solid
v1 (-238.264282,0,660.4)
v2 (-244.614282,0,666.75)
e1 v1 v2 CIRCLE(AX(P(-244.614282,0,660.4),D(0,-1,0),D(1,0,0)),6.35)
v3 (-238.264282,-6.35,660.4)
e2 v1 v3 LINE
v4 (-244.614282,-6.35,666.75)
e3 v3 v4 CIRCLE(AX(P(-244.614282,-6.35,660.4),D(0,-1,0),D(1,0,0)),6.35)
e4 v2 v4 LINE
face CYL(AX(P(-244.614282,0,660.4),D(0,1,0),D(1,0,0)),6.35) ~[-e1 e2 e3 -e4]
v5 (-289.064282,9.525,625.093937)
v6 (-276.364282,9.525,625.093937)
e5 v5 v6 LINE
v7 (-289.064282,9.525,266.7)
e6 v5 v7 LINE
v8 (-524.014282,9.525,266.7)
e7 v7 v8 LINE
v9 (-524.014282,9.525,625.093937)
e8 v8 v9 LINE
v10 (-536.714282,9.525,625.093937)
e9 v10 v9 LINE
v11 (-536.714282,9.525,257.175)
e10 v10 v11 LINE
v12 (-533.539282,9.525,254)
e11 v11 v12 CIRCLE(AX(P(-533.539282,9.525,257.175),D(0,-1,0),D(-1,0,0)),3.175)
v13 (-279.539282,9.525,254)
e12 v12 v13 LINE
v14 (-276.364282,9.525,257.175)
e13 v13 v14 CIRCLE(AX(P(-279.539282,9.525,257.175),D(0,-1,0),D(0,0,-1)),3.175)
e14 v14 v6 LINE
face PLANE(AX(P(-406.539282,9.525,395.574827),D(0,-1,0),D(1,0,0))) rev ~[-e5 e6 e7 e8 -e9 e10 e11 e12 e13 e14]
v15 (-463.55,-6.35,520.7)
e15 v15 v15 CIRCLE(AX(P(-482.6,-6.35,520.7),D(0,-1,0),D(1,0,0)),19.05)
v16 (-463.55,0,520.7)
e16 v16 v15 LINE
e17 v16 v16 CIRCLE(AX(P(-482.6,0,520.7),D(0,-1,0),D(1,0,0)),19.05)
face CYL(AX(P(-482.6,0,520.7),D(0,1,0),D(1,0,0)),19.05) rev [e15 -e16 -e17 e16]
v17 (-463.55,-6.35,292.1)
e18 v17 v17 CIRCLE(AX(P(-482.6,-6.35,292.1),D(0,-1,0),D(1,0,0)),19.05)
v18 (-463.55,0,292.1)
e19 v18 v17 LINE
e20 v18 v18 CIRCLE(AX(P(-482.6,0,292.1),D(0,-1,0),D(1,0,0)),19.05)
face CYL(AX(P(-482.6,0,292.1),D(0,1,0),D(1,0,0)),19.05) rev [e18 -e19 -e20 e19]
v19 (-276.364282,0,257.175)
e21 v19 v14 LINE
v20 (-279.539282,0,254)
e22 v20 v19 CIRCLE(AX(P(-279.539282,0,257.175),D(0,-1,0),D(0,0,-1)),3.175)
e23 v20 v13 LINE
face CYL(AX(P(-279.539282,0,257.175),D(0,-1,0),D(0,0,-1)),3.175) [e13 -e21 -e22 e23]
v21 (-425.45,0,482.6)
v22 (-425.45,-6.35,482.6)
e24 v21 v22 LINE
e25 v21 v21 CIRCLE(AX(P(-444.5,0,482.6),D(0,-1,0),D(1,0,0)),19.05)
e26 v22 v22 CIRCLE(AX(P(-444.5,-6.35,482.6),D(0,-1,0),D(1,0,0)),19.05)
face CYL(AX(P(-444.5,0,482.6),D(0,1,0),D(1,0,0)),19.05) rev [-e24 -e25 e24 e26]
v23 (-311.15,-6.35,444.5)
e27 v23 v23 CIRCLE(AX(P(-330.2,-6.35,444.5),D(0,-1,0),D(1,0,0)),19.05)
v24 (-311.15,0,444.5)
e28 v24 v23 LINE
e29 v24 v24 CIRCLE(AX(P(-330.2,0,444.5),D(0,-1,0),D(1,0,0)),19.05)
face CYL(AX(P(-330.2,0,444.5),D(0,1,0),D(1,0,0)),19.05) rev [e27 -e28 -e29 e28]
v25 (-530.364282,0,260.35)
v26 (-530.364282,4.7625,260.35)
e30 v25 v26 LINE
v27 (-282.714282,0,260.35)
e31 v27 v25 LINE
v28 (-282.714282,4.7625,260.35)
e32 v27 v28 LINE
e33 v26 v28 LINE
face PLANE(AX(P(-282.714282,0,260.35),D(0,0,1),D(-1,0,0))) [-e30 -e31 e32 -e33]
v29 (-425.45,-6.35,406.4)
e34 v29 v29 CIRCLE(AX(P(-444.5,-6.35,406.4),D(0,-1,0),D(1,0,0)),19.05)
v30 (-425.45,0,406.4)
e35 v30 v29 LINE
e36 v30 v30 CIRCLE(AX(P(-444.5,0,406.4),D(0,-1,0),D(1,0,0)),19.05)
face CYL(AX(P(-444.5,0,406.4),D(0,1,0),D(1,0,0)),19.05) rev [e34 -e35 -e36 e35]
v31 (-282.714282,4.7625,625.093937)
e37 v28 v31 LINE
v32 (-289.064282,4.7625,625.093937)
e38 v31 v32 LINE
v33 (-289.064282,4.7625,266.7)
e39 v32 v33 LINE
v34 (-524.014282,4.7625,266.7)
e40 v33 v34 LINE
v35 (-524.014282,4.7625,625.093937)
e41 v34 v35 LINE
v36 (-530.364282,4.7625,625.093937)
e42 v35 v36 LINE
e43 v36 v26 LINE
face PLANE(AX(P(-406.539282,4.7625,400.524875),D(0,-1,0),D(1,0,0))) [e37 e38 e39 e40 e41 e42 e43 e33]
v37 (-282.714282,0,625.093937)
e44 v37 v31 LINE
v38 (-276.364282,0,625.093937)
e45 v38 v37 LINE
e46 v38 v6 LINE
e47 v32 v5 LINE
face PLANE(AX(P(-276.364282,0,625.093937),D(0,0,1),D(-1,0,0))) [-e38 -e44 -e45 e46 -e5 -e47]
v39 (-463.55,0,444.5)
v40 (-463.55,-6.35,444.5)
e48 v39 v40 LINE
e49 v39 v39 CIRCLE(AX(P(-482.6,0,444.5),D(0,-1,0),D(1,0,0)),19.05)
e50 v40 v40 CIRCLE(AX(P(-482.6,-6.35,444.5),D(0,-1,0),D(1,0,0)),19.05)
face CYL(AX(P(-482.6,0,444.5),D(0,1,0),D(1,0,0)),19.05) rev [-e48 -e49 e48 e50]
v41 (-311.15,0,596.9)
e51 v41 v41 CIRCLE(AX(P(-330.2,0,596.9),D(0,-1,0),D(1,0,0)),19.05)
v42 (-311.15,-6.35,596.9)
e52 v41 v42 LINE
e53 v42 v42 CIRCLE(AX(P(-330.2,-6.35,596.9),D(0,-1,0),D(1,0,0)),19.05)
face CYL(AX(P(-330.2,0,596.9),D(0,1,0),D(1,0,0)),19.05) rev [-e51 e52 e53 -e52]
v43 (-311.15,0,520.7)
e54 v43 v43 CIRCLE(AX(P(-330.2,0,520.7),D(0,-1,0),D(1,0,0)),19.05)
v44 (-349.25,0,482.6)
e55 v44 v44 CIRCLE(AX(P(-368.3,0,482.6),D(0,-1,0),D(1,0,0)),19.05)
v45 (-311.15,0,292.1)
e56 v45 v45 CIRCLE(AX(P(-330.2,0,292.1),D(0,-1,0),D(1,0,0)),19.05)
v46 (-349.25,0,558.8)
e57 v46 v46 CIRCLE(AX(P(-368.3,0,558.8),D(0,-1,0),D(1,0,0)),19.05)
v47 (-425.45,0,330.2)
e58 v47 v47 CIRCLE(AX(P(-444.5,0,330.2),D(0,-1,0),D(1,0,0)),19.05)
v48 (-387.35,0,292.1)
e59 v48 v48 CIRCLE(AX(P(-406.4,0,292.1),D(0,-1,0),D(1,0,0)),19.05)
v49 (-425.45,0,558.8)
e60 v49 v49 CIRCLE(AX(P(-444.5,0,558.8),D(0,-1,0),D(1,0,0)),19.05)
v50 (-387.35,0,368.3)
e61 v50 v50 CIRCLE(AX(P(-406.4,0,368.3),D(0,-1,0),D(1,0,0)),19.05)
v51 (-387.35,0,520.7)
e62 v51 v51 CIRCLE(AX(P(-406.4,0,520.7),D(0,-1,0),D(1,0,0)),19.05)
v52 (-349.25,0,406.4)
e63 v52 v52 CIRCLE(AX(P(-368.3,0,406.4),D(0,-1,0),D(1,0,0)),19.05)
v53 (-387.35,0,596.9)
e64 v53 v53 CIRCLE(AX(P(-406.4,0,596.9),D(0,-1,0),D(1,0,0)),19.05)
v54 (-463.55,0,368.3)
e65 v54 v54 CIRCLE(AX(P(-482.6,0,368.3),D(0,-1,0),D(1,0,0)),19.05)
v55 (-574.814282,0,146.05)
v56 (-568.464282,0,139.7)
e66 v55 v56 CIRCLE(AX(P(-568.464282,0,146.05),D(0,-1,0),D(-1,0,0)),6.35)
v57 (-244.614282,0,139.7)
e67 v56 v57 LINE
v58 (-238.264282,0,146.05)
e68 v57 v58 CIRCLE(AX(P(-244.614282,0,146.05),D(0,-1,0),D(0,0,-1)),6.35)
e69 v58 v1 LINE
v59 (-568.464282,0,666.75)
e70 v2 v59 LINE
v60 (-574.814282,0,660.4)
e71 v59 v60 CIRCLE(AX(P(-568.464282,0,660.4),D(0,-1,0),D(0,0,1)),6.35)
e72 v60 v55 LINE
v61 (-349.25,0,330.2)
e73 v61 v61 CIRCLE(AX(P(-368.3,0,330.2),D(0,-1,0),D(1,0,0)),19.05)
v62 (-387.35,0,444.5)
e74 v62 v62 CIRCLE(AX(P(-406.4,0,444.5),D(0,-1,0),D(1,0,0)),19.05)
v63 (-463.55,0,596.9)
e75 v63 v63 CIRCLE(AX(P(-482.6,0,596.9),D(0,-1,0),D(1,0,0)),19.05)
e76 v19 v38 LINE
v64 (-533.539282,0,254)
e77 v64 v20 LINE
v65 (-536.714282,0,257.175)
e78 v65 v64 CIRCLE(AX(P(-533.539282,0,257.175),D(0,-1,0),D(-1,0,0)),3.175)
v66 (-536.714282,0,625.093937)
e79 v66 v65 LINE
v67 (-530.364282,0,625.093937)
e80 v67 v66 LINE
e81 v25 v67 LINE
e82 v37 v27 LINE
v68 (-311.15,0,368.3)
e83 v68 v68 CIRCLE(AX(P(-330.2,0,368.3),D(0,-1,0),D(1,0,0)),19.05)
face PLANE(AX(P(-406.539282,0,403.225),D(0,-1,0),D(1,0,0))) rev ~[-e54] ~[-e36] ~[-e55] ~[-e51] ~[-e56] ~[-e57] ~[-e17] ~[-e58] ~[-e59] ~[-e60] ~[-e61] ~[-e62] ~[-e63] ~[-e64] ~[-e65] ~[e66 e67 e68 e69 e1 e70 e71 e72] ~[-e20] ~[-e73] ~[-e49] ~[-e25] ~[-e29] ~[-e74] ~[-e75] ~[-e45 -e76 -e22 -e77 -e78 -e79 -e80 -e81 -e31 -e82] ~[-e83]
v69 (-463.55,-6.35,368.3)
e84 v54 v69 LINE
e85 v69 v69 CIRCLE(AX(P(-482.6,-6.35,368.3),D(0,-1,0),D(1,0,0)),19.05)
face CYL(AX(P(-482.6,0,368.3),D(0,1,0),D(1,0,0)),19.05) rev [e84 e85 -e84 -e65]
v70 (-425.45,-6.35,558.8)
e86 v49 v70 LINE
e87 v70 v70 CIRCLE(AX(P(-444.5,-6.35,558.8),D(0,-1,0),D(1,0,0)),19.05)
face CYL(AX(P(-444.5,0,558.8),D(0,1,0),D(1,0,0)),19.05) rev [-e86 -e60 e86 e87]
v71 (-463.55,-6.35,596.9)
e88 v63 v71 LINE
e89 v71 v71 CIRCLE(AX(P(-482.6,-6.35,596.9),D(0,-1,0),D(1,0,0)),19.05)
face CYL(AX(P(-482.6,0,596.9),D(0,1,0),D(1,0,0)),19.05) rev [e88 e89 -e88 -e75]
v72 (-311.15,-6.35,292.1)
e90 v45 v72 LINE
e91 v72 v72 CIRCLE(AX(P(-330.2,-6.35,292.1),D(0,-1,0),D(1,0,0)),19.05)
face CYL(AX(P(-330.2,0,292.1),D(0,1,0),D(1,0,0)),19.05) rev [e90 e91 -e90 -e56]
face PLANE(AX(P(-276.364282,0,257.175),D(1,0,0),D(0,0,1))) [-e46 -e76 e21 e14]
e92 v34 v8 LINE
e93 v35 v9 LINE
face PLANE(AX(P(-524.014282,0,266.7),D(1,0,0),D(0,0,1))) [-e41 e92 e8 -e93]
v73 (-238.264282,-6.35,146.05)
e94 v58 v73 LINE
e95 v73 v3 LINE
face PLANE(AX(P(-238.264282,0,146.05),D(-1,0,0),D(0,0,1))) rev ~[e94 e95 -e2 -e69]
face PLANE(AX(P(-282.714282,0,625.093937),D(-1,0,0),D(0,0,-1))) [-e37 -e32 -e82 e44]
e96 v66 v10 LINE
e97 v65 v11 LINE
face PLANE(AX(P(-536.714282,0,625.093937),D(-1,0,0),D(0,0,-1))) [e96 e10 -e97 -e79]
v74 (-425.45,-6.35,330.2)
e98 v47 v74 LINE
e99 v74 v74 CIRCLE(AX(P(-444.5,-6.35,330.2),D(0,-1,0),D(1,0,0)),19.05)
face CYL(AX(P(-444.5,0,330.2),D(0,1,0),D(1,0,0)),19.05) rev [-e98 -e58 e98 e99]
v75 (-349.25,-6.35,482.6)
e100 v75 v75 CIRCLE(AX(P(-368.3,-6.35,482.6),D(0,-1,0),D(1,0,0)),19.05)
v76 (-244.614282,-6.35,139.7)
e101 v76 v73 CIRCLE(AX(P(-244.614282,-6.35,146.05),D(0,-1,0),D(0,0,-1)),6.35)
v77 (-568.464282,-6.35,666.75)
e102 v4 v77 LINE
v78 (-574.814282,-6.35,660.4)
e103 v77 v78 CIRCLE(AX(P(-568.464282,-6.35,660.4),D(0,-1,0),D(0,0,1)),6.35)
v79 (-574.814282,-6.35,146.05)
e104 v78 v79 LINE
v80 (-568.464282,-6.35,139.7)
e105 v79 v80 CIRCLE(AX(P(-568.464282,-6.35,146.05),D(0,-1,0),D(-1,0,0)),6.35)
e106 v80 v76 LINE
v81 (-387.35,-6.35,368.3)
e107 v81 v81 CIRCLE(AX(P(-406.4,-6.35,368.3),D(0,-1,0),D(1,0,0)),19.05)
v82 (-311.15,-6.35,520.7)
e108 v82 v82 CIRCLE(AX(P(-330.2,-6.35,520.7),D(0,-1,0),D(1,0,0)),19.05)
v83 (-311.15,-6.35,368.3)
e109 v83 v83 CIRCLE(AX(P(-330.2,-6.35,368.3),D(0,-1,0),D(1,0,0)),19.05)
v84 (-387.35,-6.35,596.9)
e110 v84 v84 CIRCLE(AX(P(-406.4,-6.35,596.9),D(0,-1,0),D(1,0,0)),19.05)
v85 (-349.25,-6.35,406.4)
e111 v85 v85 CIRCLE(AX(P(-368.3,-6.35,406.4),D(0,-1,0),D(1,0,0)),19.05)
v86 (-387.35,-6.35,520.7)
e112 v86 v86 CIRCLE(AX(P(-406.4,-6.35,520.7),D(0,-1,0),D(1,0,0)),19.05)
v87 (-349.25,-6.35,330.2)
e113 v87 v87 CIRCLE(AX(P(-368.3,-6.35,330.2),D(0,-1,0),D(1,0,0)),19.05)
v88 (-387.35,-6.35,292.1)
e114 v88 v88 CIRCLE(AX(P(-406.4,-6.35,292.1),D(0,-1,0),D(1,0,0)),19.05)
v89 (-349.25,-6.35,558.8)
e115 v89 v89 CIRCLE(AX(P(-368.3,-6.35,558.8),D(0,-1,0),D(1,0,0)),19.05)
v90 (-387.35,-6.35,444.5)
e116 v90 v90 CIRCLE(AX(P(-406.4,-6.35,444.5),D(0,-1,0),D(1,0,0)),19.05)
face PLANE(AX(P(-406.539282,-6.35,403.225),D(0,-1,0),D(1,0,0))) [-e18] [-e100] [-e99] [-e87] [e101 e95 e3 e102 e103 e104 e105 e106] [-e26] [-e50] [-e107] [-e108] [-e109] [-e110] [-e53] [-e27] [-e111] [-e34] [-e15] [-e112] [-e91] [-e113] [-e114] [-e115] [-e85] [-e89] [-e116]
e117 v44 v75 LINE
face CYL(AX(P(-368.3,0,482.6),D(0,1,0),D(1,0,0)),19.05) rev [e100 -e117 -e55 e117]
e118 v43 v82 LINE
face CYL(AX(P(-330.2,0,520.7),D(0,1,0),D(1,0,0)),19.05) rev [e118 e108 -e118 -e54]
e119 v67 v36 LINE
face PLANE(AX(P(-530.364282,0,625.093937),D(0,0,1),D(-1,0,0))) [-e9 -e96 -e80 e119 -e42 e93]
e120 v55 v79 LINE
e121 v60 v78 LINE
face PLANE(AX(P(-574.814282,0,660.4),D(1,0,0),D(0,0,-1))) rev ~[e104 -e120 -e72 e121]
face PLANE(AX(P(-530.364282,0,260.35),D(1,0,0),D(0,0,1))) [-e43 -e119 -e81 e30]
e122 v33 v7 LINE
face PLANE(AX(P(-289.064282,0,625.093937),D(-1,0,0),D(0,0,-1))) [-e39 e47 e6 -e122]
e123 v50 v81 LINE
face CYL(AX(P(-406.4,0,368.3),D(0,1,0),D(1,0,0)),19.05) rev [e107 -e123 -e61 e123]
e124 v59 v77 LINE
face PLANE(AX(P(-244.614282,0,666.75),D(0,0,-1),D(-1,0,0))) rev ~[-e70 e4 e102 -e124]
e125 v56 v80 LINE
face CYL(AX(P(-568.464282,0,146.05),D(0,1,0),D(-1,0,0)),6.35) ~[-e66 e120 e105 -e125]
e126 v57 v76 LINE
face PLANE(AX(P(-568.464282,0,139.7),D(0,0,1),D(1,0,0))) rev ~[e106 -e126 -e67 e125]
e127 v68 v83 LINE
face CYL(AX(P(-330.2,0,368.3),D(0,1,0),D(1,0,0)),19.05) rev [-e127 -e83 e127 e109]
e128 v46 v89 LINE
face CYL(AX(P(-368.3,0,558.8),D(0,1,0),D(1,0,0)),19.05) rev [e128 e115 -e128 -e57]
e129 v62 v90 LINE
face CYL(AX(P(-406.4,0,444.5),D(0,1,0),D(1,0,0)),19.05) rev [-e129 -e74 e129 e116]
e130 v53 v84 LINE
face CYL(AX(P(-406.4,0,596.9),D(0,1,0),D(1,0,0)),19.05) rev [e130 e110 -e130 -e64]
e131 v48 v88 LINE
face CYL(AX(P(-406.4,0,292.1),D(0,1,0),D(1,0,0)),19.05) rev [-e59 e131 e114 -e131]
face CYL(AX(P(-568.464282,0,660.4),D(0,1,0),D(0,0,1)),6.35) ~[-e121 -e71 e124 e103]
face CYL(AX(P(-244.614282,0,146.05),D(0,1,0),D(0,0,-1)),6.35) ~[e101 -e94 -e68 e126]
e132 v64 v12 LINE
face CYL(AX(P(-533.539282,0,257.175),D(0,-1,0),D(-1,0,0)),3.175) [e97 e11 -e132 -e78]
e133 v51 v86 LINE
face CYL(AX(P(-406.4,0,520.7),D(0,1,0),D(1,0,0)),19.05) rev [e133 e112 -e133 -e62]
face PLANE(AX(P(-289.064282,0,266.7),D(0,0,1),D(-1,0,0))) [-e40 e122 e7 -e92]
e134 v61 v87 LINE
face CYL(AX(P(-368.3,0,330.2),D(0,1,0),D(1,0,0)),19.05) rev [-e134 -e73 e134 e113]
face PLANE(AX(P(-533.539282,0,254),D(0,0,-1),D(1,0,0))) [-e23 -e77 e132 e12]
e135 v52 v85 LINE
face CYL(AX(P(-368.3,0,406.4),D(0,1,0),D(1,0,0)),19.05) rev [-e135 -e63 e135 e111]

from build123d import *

# Parameters (mm, degrees)
F1_DEPTH = 9.525
F2_DEPTH = 4.7625
F3_DEPTH = 9.525
F0_W     = 234.95
F0_H     = 358.3939369202
F0_R     = 19.05
F4_DEPTH = 6.35


with BuildPart() as f1:
    # F0 (on Front) → F1 (new body)
    with BuildSketch(Plane.XZ):
        Polygon((-524.0142820795, 625.0939369202), (-530.3642820795, 625.0939369202), (-530.3642820795, 260.35), (-282.7142820795, 260.35), (-282.7142820795, 625.0939369202), (-289.0642820795, 625.0939369202), (-289.0642820795, 266.7), (-524.0142820795, 266.7), align=None)
    extrude(amount=-F1_DEPTH)

    # F0 (on Front) → F2 (cut)
    with BuildSketch(Plane.XZ):
        Polygon((-524.0142820795, 625.0939369202), (-530.3642820795, 625.0939369202), (-530.3642820795, 260.35), (-282.7142820795, 260.35), (-282.7142820795, 625.0939369202), (-289.0642820795, 625.0939369202), (-289.0642820795, 266.7), (-524.0142820795, 266.7), align=None)
    extrude(amount=-F2_DEPTH, mode=Mode.SUBTRACT)

    # F0 (on Front) → F3 (join)
    with BuildSketch(Plane.XZ):
        with BuildLine():
            ThreePointArc((-536.7142820795, 257.175), (-535.7843461097, 254.9299359697), (-533.5392820795, 254))
            Line((-533.5392820795, 254), (-279.5392820795, 254))
            ThreePointArc((-279.5392820795, 254), (-277.2942180492, 254.9299359697), (-276.3642820795, 257.175))
            Line((-276.3642820795, 257.175), (-276.3642820795, 625.0939369202))
            Line((-276.3642820795, 625.0939369202), (-282.7142820795, 625.0939369202))
            Line((-282.7142820795, 625.0939369202), (-282.7142820795, 260.35))
            Line((-282.7142820795, 260.35), (-530.3642820795, 260.35))
            Line((-530.3642820795, 260.35), (-530.3642820795, 625.0939369202))
            Line((-530.3642820795, 625.0939369202), (-536.7142820795, 625.0939369202))
            Line((-536.7142820795, 625.0939369202), (-536.7142820795, 257.175))
        make_face()
    extrude(amount=-F3_DEPTH)

    # F0 (on Front) → F4 (join)
    with BuildSketch(Plane.XZ):
        with BuildLine():
            ThreePointArc((-568.4642820795, 666.75), (-572.95441014, 664.8901280605), (-574.8142820795, 660.4))
            Line((-574.8142820795, 660.4), (-574.8142820795, 146.05))
            ThreePointArc((-574.8142820795, 146.05), (-572.95441014, 141.5598719395), (-568.4642820795, 139.7))
            Line((-568.4642820795, 139.7), (-244.6142820795, 139.7))
            ThreePointArc((-244.6142820795, 139.7), (-240.1241540189, 141.5598719395), (-238.2642820795, 146.05))
            Line((-238.2642820795, 146.05), (-238.2642820795, 660.4))
            ThreePointArc((-238.2642820795, 660.4), (-240.1241540189, 664.8901280605), (-244.6142820795, 666.75))
            Line((-244.6142820795, 666.75), (-568.4642820795, 666.75))
        make_face()
        with BuildLine():
            Line((-279.5392820795, 254), (-533.5392820795, 254))
            ThreePointArc((-533.5392820795, 254), (-535.7843461097, 254.9299359697), (-536.7142820795, 257.175))
            Line((-536.7142820795, 257.175), (-536.7142820795, 625.0939369202))
            Line((-536.7142820795, 625.0939369202), (-530.3642820795, 625.0939369202))
            Line((-530.3642820795, 625.0939369202), (-524.0142820795, 625.0939369202))
            Line((-524.0142820795, 625.0939369202), (-289.0642820795, 625.0939369202))
            Line((-289.0642820795, 625.0939369202), (-282.7142820795, 625.0939369202))
            Line((-282.7142820795, 625.0939369202), (-276.3642820795, 625.0939369202))
            Line((-276.3642820795, 625.0939369202), (-276.3642820795, 257.175))
            ThreePointArc((-276.3642820795, 257.175), (-277.2942180492, 254.9299359697), (-279.5392820795, 254))
        make_face(mode=Mode.SUBTRACT)
        with Locations((-406.5392820795, 445.8969684601)):
            Rectangle(F0_W, F0_H)
        with Locations((-482.6, 292.1)):
            Circle(F0_R, mode=Mode.SUBTRACT)
        with Locations((-444.5, 330.2)):
            Circle(F0_R, mode=Mode.SUBTRACT)
        with Locations((-482.6, 368.3)):
            Circle(F0_R, mode=Mode.SUBTRACT)
        with Locations((-406.4, 292.1)):
            Circle(F0_R, mode=Mode.SUBTRACT)
        with Locations((-368.3, 330.2)):
            Circle(F0_R, mode=Mode.SUBTRACT)
        with Locations((-330.2, 292.1)):
            Circle(F0_R, mode=Mode.SUBTRACT)
        with Locations((-406.4, 368.3)):
            Circle(F0_R, mode=Mode.SUBTRACT)
        with Locations((-330.2, 368.3)):
            Circle(F0_R, mode=Mode.SUBTRACT)
        with Locations((-482.6, 444.5)):
            Circle(F0_R, mode=Mode.SUBTRACT)
        with Locations((-444.5, 406.4)):
            Circle(F0_R, mode=Mode.SUBTRACT)
        with Locations((-482.6, 520.7)):
            Circle(F0_R, mode=Mode.SUBTRACT)
        with Locations((-444.5, 482.6)):
            Circle(F0_R, mode=Mode.SUBTRACT)
        with Locations((-482.6, 596.9)):
            Circle(F0_R, mode=Mode.SUBTRACT)
        with Locations((-444.5, 558.8)):
            Circle(F0_R, mode=Mode.SUBTRACT)
        with Locations((-368.3, 406.4)):
            Circle(F0_R, mode=Mode.SUBTRACT)
        with Locations((-406.4, 444.5)):
            Circle(F0_R, mode=Mode.SUBTRACT)
        with Locations((-330.2, 444.5)):
            Circle(F0_R, mode=Mode.SUBTRACT)
        with Locations((-368.3, 482.6)):
            Circle(F0_R, mode=Mode.SUBTRACT)
        with Locations((-406.4, 520.7)):
            Circle(F0_R, mode=Mode.SUBTRACT)
        with Locations((-330.2, 520.7)):
            Circle(F0_R, mode=Mode.SUBTRACT)
        with Locations((-368.3, 558.8)):
            Circle(F0_R, mode=Mode.SUBTRACT)
        with Locations((-406.4, 596.9)):
            Circle(F0_R, mode=Mode.SUBTRACT)
        with Locations((-330.2, 596.9)):
            Circle(F0_R, mode=Mode.SUBTRACT)
        Polygon((-524.0142820795, 625.0939369202), (-530.3642820795, 625.0939369202), (-530.3642820795, 260.35), (-282.7142820795, 260.35), (-282.7142820795, 625.0939369202), (-289.0642820795, 625.0939369202), (-289.0642820795, 266.7), (-524.0142820795, 266.7), align=None)
        with BuildLine():
            ThreePointArc((-536.7142820795, 257.175), (-535.7843461097, 254.9299359697), (-533.5392820795, 254))
            Line((-533.5392820795, 254), (-279.5392820795, 254))
            ThreePointArc((-279.5392820795, 254), (-277.2942180492, 254.9299359697), (-276.3642820795, 257.175))
            Line((-276.3642820795, 257.175), (-276.3642820795, 625.0939369202))
            Line((-276.3642820795, 625.0939369202), (-282.7142820795, 625.0939369202))
            Line((-282.7142820795, 625.0939369202), (-282.7142820795, 260.35))
            Line((-282.7142820795, 260.35), (-530.3642820795, 260.35))
            Line((-530.3642820795, 260.35), (-530.3642820795, 625.0939369202))
            Line((-530.3642820795, 625.0939369202), (-536.7142820795, 625.0939369202))
            Line((-536.7142820795, 625.0939369202), (-536.7142820795, 257.175))
        make_face()
    extrude(amount=F4_DEPTH)


solid = f1.part
